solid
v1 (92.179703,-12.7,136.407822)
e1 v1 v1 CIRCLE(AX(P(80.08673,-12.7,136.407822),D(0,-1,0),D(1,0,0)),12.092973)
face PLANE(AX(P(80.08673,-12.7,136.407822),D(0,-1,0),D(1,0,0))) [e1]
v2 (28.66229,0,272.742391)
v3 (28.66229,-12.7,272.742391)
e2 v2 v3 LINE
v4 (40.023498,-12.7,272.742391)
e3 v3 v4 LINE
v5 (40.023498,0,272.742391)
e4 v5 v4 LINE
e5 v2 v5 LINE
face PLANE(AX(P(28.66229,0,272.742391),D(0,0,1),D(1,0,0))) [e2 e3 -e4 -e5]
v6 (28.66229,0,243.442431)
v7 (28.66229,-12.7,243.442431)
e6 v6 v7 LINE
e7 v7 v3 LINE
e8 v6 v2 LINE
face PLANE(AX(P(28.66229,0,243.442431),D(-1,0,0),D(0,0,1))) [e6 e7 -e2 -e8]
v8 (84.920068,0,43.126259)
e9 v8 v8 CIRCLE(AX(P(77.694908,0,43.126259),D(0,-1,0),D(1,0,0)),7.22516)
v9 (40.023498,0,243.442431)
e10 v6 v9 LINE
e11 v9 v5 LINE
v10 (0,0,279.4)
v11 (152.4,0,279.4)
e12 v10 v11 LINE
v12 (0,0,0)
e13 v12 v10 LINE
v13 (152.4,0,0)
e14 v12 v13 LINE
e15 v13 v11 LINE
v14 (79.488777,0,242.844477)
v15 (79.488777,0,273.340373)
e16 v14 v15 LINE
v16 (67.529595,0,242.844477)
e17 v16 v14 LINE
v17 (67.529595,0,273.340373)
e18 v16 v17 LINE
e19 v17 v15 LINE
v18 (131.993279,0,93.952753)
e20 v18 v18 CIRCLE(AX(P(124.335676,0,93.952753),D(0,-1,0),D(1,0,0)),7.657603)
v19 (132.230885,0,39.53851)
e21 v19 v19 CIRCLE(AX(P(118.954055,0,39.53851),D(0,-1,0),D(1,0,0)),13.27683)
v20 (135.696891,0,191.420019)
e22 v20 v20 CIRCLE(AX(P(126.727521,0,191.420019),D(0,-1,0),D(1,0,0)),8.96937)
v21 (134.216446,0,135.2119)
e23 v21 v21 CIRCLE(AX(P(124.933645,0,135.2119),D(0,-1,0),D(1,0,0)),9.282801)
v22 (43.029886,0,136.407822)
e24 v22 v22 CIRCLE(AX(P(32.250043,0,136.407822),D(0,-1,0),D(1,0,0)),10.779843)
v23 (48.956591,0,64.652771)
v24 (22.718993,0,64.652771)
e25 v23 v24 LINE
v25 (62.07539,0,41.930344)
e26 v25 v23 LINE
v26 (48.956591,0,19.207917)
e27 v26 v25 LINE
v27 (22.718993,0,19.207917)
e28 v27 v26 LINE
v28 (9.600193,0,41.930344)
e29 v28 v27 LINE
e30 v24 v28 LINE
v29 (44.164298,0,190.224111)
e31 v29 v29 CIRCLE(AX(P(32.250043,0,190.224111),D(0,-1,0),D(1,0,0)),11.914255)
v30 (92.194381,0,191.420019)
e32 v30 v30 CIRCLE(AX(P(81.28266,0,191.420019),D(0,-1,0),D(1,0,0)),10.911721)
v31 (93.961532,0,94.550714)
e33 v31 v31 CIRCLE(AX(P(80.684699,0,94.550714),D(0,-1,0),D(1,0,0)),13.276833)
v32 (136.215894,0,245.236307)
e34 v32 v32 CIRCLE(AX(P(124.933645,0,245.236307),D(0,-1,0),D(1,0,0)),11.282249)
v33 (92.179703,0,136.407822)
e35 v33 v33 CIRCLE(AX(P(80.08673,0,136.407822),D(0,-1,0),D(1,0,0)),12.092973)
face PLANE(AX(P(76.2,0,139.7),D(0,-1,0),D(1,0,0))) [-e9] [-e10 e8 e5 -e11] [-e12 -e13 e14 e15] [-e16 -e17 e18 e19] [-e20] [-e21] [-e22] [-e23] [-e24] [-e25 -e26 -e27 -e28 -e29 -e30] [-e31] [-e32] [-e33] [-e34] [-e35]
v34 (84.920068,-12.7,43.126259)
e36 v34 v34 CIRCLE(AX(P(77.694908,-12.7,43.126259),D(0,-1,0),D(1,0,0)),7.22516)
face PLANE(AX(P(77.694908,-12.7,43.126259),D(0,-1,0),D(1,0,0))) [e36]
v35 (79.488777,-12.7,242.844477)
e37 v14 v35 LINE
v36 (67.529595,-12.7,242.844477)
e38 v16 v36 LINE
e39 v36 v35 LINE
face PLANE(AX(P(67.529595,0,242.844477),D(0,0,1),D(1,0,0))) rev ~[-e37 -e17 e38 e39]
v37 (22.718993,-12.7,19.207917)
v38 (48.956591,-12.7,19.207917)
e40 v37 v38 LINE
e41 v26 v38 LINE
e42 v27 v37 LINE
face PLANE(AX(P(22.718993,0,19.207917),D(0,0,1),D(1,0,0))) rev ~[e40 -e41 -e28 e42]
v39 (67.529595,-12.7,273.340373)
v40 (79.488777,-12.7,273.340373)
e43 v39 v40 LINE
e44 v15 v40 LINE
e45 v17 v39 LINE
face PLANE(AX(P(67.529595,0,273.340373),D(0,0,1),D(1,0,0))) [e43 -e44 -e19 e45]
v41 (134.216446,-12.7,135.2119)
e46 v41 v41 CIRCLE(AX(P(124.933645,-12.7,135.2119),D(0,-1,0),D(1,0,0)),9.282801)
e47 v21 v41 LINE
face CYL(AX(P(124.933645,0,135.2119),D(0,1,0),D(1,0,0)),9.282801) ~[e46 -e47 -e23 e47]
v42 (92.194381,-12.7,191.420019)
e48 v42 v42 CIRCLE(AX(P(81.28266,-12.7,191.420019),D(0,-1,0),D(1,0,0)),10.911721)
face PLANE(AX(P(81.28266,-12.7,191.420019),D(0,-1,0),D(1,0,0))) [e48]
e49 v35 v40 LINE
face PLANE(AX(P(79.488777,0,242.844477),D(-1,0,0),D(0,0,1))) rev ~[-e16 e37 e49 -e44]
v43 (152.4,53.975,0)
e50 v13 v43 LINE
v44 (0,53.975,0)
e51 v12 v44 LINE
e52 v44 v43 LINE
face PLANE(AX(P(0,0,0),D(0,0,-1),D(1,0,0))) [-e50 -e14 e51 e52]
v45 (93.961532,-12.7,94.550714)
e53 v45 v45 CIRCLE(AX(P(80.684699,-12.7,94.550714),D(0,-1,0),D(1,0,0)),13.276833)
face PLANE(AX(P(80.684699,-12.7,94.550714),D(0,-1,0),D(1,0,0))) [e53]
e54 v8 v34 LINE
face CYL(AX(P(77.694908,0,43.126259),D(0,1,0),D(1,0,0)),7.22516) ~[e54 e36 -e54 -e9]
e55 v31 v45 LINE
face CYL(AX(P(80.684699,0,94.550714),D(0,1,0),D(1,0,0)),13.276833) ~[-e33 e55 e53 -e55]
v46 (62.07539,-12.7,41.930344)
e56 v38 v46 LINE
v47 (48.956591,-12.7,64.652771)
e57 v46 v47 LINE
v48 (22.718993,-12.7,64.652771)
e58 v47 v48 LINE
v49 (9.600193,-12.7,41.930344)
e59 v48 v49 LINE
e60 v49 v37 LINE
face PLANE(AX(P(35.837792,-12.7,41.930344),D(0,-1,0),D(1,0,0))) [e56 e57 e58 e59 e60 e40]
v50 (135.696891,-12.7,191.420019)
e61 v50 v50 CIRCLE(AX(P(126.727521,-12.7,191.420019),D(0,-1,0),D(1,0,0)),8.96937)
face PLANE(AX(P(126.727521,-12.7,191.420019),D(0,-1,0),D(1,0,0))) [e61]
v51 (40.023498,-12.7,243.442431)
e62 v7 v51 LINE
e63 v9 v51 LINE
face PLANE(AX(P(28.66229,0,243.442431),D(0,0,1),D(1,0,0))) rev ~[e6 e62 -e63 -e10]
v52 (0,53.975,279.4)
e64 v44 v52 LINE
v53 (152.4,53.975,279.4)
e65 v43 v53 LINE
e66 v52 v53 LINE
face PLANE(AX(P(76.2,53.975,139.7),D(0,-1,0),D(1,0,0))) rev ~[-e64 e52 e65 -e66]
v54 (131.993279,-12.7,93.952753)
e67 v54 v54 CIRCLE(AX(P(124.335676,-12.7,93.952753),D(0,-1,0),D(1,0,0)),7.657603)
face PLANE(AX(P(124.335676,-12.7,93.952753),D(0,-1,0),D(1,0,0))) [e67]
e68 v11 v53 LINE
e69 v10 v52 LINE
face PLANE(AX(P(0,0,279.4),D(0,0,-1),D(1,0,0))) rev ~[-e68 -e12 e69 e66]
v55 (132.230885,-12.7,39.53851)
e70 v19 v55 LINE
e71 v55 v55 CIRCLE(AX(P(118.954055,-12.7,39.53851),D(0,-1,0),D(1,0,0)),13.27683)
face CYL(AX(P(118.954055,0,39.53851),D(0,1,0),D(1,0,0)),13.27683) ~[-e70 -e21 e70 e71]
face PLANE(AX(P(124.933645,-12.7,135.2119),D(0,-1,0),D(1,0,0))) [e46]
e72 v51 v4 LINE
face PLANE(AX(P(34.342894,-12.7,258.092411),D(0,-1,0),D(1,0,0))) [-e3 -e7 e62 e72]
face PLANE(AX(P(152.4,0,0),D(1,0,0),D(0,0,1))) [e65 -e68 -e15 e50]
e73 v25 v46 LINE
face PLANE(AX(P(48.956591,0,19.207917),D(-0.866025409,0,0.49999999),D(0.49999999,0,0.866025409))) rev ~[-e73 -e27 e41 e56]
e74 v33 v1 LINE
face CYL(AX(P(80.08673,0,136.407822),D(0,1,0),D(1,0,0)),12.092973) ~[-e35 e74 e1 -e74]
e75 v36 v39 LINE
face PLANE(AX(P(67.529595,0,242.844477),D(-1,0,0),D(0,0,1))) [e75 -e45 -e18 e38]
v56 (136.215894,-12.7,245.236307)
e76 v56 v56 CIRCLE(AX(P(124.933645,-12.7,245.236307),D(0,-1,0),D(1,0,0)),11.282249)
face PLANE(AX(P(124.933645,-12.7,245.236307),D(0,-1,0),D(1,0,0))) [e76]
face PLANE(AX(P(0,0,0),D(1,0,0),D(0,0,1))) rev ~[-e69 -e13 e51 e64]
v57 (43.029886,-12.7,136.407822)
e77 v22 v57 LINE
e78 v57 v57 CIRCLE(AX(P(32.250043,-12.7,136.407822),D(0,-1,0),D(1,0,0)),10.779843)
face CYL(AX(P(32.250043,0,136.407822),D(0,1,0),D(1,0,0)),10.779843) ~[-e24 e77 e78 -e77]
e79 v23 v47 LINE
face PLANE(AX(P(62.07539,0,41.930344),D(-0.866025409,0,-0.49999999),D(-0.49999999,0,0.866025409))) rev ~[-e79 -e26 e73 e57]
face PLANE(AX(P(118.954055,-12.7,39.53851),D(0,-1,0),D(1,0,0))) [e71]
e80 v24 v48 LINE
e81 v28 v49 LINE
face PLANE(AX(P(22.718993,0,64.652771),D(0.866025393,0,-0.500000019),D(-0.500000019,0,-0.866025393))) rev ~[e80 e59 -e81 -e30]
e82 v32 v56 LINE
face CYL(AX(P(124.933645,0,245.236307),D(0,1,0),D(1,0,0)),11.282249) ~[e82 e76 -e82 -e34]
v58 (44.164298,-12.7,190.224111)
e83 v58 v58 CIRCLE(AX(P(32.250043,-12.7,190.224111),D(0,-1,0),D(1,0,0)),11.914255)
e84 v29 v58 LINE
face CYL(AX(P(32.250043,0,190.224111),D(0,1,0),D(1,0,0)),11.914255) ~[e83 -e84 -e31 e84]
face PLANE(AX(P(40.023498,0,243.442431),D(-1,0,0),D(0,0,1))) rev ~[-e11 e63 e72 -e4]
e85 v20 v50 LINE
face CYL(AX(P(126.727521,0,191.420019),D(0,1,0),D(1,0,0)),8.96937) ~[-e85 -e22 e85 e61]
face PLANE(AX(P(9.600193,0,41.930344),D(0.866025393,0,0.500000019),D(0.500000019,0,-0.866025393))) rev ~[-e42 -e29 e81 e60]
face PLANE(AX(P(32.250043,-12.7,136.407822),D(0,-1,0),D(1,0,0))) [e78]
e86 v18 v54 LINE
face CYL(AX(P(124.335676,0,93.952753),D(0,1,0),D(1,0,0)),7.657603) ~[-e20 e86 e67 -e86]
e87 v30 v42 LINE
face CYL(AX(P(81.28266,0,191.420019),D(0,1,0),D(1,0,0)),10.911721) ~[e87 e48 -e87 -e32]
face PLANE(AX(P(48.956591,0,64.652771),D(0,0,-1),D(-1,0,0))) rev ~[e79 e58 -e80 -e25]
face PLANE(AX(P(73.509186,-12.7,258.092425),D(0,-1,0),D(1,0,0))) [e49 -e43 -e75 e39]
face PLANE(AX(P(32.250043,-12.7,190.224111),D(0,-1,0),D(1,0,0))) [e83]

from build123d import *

# Parameters (mm, degrees)
F0_W     = 152.4
F0_H     = 279.4
F1_DEPTH = 53.975
F2_R     = 10.779843
F2_R_2   = 11.914255
F2_W     = 11.361208
F2_H     = 29.29996
F2_W_2   = 11.959181
F2_H_2   = 30.495897
F2_R_3   = 10.911721
F2_R_4   = 12.092973
F2_R_5   = 13.276833
F2_R_6   = 13.27683
F2_R_7   = 7.22516
F2_R_8   = 7.657603
F2_R_9   = 9.282801
F2_R_10  = 8.96937
F2_R_11  = 11.282249
F3_DEPTH = 12.7


with BuildPart() as f1:
    # F0 (on Front) → F1 (new body)
    with BuildSketch(Plane.XZ):
        with Locations((76.2, 139.7)):
            Rectangle(F0_W, F0_H)
    extrude(amount=-F1_DEPTH)

    # F2 (on face) → F3 (join)
    with BuildSketch(Plane.XZ):
        Polygon((48.956591, 64.652771), (22.718993, 64.652771), (9.600193, 41.930344), (22.718993, 19.207917), (48.956591, 19.207917), (62.07539, 41.930344), align=None)
        with Locations((32.250043, 136.407822)):
            Circle(F2_R)
        with Locations((32.250043, 190.224111)):
            Circle(F2_R_2)
        with Locations((34.342894, 258.092411)):
            Rectangle(F2_W, F2_H)
        with Locations((73.509186, 258.092425)):
            Rectangle(F2_W_2, F2_H_2)
        with Locations((81.28266, 191.420019)):
            Circle(F2_R_3)
        with Locations((80.08673, 136.407822)):
            Circle(F2_R_4)
        with Locations((80.684699, 94.550714)):
            Circle(F2_R_5)
        with Locations((118.954055, 39.53851)):
            Circle(F2_R_6)
        with Locations((77.694908, 43.126259)):
            Circle(F2_R_7)
        with Locations((124.335676, 93.952753)):
            Circle(F2_R_8)
        with Locations((124.933645, 135.2119)):
            Circle(F2_R_9)
        with Locations((126.727521, 191.420019)):
            Circle(F2_R_10)
        with Locations((124.933645, 245.236307)):
            Circle(F2_R_11)
    extrude(amount=F3_DEPTH)


solid = f1.part
